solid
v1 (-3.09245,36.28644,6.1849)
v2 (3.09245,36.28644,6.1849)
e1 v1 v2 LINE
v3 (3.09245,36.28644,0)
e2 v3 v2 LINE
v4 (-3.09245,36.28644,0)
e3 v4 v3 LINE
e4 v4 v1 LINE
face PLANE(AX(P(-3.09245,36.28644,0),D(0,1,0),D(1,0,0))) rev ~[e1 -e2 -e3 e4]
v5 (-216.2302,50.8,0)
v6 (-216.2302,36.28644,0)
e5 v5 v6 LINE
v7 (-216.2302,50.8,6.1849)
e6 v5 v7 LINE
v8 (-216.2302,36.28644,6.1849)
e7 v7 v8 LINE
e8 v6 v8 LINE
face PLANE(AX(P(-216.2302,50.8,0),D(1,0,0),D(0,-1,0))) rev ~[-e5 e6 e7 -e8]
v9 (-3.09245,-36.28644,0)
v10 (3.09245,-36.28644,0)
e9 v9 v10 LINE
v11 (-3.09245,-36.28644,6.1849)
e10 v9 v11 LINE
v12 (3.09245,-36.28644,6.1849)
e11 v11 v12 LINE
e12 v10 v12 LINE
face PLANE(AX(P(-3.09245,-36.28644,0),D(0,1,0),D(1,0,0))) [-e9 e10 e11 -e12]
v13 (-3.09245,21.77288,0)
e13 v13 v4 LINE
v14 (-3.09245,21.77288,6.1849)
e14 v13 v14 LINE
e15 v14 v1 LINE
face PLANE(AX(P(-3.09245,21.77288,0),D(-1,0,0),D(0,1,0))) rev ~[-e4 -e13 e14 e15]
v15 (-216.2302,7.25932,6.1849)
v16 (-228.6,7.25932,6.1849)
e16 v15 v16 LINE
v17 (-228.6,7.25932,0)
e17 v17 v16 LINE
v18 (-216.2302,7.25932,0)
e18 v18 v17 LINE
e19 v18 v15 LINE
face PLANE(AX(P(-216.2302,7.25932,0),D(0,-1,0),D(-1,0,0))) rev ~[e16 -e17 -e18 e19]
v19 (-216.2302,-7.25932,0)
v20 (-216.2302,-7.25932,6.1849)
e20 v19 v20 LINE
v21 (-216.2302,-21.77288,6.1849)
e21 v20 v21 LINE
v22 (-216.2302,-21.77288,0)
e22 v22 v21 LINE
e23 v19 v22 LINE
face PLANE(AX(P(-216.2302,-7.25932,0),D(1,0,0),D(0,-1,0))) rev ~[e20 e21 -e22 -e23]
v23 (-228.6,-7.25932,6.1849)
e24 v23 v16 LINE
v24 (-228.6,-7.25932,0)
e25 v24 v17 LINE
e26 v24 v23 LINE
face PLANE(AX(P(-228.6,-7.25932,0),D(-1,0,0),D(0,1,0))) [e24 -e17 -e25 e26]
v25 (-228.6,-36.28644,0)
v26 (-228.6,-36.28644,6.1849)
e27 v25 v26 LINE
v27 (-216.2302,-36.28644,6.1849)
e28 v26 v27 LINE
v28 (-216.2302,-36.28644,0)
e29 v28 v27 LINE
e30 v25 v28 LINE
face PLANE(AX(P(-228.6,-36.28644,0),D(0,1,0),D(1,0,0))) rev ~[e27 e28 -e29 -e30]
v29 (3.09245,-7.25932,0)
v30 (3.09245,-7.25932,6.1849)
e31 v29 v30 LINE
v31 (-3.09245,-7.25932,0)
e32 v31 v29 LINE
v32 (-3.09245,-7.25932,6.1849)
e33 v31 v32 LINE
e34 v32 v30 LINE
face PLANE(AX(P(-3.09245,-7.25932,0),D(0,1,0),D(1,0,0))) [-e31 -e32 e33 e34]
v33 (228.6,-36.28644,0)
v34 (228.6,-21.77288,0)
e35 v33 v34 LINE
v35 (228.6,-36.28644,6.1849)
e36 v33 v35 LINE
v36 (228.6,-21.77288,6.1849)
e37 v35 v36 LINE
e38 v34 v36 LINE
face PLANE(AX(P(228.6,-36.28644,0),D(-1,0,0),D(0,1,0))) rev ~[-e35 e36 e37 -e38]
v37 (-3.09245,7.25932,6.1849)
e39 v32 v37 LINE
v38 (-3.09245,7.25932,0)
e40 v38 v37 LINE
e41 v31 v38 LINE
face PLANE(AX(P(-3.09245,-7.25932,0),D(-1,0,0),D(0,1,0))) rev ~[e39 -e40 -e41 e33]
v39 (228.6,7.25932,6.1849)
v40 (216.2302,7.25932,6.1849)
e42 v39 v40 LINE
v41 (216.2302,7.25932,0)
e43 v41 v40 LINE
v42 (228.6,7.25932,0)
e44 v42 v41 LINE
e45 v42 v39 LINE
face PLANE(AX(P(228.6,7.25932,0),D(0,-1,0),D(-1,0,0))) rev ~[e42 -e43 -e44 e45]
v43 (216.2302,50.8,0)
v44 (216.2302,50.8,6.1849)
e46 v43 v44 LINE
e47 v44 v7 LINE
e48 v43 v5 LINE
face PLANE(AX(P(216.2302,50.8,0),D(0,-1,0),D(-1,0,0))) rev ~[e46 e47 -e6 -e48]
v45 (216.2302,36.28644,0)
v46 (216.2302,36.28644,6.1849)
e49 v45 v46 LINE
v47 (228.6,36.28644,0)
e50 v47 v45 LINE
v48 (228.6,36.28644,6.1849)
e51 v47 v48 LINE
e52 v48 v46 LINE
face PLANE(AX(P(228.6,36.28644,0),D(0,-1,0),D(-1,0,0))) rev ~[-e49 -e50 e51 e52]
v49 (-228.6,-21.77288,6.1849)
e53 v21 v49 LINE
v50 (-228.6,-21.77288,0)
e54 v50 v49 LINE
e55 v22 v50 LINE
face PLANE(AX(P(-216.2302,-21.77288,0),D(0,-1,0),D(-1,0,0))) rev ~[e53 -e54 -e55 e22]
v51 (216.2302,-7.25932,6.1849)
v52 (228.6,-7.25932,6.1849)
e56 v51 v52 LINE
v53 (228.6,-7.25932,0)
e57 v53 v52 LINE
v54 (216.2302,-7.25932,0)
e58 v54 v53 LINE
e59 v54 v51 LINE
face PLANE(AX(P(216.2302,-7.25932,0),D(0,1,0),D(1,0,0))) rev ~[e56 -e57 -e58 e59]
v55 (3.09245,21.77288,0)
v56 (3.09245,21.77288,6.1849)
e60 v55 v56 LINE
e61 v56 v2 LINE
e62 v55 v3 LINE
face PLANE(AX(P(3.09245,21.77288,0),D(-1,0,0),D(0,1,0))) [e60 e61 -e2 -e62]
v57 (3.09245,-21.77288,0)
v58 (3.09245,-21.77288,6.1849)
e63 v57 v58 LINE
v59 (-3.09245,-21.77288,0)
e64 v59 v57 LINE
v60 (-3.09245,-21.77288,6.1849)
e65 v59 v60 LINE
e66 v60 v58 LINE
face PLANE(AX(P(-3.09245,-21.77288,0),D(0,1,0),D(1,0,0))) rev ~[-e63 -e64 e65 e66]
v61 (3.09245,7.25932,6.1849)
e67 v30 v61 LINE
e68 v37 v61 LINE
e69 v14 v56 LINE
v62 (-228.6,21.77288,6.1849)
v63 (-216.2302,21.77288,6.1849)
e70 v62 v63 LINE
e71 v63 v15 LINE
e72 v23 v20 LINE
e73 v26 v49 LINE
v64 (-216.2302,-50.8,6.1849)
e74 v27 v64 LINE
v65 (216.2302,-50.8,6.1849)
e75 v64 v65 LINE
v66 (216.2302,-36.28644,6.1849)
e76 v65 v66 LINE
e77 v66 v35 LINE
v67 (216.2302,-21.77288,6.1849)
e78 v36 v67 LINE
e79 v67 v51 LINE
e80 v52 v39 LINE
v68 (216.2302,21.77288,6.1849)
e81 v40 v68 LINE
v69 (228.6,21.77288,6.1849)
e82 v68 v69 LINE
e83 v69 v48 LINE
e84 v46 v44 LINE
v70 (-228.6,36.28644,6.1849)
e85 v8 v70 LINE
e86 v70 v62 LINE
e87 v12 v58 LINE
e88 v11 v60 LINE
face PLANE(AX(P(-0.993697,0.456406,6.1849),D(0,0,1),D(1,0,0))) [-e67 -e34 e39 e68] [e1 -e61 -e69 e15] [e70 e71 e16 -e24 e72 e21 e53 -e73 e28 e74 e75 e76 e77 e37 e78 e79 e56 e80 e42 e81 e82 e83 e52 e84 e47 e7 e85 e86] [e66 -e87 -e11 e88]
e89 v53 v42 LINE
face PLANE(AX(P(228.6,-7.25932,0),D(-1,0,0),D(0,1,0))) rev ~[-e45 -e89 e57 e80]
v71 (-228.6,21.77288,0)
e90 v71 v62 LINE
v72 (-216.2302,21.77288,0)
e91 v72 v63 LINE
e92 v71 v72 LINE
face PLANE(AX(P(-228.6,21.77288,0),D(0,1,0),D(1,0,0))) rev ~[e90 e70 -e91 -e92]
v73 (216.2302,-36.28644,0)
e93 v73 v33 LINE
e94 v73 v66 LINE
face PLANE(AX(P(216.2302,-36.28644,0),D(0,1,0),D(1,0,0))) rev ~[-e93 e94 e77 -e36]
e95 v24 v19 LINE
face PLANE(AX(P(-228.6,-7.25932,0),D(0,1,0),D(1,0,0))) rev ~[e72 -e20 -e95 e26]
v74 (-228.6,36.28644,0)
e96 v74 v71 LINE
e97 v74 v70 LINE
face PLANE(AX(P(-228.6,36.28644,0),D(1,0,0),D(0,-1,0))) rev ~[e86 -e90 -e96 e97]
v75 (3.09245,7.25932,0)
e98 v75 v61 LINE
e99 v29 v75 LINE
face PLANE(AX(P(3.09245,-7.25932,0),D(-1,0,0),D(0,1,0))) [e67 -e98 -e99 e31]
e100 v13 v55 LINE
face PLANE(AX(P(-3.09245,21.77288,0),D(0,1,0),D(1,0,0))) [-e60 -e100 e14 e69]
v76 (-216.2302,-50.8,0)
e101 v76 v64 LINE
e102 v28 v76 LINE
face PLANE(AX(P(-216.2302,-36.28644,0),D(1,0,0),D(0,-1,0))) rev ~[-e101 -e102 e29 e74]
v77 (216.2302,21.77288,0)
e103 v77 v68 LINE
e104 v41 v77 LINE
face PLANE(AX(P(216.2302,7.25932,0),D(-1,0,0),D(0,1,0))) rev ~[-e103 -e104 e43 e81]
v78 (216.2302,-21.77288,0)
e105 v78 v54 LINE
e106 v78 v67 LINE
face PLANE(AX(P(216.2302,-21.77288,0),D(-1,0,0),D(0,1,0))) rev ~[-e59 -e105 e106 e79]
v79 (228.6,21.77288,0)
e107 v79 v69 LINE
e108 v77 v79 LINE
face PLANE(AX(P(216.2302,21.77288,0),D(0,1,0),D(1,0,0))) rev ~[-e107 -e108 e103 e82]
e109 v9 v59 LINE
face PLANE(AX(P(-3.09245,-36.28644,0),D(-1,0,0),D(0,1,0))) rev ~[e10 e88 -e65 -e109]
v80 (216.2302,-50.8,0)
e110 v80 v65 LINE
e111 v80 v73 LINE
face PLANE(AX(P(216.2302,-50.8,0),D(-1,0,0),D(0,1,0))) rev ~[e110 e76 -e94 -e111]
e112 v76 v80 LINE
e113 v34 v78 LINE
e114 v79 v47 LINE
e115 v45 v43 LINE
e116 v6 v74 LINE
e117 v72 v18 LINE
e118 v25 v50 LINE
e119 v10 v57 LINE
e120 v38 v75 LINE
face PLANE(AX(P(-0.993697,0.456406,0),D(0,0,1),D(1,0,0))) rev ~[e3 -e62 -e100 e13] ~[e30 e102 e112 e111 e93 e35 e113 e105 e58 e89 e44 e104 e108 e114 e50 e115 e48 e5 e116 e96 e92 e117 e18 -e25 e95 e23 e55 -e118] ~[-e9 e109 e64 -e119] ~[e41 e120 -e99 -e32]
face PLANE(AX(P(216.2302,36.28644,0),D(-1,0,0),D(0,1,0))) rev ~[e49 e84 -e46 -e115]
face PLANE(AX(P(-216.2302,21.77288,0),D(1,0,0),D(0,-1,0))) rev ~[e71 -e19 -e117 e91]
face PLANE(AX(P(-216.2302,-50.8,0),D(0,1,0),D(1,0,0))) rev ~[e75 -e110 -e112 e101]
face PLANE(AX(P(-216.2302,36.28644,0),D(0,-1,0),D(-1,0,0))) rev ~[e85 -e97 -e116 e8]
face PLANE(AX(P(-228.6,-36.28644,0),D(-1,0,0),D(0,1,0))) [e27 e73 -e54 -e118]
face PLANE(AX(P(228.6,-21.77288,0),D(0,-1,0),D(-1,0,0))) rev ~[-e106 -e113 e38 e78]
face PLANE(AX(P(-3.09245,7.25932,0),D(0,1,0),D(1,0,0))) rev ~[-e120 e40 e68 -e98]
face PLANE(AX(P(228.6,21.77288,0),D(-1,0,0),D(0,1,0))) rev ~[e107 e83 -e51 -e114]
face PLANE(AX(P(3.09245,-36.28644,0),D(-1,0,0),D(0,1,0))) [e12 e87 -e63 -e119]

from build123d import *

# Parameters (mm, degrees)
F0_W     = 6.1849
F0_H     = 14.51356
F0_H_2   = 14.51864
F1_DEPTH = 6.1849


with BuildPart() as f1:
    # F0 (on Top) → F1 (new body)
    with BuildSketch(Plane.XY):
        Polygon((-3.09245, -50.8), (216.2302, -50.8), (216.2302, -36.28644), (222.4151, -36.28644), (222.4151, -21.77288), (216.2302, -21.77288), (216.2302, -7.25932), (222.4151, -7.25932), (222.4151, 7.25932), (216.2302, 7.25932), (216.2302, 21.77288), (228.6, 21.77288), (222.4151, 36.28644), (216.2302, 36.28644), (216.2302, 50.8), (-3.09245, 50.8), (-216.2302, 50.8), (-216.2302, 36.28644), (-222.4151, 36.28644), (-228.6, 36.28644), (-228.6, 21.77288), (-216.2302, 21.77288), (-216.2302, 7.25932), (-222.4151, 7.25932), (-222.4151, -7.25932), (-216.2302, -7.25932), (-216.2302, -21.77288), (-222.4151, -21.77288), (-222.4151, -36.28644), (-216.2302, -36.28644), (-216.2302, -50.8), align=None)
        with Locations((0, -29.02966)):
            Rectangle(F0_W, F0_H, mode=Mode.SUBTRACT)
        Rectangle(F0_W, F0_H_2, mode=Mode.SUBTRACT)
        with Locations((0, 29.02966)):
            Rectangle(F0_W, F0_H, mode=Mode.SUBTRACT)
        with Locations((225.50755, -29.02966)):
            Rectangle(F0_W, F0_H)
        with Locations((-225.50755, -29.02966)):
            Rectangle(F0_W, F0_H)
        with Locations((225.50755, 0)):
            Rectangle(F0_W, F0_H_2)
        with Locations((-225.50755, 0)):
            Rectangle(F0_W, F0_H_2)
        Polygon((222.4151, 36.28644), (228.6, 21.77288), (228.6, 36.28644), align=None)
    extrude(amount=F1_DEPTH)


solid = f1.part
